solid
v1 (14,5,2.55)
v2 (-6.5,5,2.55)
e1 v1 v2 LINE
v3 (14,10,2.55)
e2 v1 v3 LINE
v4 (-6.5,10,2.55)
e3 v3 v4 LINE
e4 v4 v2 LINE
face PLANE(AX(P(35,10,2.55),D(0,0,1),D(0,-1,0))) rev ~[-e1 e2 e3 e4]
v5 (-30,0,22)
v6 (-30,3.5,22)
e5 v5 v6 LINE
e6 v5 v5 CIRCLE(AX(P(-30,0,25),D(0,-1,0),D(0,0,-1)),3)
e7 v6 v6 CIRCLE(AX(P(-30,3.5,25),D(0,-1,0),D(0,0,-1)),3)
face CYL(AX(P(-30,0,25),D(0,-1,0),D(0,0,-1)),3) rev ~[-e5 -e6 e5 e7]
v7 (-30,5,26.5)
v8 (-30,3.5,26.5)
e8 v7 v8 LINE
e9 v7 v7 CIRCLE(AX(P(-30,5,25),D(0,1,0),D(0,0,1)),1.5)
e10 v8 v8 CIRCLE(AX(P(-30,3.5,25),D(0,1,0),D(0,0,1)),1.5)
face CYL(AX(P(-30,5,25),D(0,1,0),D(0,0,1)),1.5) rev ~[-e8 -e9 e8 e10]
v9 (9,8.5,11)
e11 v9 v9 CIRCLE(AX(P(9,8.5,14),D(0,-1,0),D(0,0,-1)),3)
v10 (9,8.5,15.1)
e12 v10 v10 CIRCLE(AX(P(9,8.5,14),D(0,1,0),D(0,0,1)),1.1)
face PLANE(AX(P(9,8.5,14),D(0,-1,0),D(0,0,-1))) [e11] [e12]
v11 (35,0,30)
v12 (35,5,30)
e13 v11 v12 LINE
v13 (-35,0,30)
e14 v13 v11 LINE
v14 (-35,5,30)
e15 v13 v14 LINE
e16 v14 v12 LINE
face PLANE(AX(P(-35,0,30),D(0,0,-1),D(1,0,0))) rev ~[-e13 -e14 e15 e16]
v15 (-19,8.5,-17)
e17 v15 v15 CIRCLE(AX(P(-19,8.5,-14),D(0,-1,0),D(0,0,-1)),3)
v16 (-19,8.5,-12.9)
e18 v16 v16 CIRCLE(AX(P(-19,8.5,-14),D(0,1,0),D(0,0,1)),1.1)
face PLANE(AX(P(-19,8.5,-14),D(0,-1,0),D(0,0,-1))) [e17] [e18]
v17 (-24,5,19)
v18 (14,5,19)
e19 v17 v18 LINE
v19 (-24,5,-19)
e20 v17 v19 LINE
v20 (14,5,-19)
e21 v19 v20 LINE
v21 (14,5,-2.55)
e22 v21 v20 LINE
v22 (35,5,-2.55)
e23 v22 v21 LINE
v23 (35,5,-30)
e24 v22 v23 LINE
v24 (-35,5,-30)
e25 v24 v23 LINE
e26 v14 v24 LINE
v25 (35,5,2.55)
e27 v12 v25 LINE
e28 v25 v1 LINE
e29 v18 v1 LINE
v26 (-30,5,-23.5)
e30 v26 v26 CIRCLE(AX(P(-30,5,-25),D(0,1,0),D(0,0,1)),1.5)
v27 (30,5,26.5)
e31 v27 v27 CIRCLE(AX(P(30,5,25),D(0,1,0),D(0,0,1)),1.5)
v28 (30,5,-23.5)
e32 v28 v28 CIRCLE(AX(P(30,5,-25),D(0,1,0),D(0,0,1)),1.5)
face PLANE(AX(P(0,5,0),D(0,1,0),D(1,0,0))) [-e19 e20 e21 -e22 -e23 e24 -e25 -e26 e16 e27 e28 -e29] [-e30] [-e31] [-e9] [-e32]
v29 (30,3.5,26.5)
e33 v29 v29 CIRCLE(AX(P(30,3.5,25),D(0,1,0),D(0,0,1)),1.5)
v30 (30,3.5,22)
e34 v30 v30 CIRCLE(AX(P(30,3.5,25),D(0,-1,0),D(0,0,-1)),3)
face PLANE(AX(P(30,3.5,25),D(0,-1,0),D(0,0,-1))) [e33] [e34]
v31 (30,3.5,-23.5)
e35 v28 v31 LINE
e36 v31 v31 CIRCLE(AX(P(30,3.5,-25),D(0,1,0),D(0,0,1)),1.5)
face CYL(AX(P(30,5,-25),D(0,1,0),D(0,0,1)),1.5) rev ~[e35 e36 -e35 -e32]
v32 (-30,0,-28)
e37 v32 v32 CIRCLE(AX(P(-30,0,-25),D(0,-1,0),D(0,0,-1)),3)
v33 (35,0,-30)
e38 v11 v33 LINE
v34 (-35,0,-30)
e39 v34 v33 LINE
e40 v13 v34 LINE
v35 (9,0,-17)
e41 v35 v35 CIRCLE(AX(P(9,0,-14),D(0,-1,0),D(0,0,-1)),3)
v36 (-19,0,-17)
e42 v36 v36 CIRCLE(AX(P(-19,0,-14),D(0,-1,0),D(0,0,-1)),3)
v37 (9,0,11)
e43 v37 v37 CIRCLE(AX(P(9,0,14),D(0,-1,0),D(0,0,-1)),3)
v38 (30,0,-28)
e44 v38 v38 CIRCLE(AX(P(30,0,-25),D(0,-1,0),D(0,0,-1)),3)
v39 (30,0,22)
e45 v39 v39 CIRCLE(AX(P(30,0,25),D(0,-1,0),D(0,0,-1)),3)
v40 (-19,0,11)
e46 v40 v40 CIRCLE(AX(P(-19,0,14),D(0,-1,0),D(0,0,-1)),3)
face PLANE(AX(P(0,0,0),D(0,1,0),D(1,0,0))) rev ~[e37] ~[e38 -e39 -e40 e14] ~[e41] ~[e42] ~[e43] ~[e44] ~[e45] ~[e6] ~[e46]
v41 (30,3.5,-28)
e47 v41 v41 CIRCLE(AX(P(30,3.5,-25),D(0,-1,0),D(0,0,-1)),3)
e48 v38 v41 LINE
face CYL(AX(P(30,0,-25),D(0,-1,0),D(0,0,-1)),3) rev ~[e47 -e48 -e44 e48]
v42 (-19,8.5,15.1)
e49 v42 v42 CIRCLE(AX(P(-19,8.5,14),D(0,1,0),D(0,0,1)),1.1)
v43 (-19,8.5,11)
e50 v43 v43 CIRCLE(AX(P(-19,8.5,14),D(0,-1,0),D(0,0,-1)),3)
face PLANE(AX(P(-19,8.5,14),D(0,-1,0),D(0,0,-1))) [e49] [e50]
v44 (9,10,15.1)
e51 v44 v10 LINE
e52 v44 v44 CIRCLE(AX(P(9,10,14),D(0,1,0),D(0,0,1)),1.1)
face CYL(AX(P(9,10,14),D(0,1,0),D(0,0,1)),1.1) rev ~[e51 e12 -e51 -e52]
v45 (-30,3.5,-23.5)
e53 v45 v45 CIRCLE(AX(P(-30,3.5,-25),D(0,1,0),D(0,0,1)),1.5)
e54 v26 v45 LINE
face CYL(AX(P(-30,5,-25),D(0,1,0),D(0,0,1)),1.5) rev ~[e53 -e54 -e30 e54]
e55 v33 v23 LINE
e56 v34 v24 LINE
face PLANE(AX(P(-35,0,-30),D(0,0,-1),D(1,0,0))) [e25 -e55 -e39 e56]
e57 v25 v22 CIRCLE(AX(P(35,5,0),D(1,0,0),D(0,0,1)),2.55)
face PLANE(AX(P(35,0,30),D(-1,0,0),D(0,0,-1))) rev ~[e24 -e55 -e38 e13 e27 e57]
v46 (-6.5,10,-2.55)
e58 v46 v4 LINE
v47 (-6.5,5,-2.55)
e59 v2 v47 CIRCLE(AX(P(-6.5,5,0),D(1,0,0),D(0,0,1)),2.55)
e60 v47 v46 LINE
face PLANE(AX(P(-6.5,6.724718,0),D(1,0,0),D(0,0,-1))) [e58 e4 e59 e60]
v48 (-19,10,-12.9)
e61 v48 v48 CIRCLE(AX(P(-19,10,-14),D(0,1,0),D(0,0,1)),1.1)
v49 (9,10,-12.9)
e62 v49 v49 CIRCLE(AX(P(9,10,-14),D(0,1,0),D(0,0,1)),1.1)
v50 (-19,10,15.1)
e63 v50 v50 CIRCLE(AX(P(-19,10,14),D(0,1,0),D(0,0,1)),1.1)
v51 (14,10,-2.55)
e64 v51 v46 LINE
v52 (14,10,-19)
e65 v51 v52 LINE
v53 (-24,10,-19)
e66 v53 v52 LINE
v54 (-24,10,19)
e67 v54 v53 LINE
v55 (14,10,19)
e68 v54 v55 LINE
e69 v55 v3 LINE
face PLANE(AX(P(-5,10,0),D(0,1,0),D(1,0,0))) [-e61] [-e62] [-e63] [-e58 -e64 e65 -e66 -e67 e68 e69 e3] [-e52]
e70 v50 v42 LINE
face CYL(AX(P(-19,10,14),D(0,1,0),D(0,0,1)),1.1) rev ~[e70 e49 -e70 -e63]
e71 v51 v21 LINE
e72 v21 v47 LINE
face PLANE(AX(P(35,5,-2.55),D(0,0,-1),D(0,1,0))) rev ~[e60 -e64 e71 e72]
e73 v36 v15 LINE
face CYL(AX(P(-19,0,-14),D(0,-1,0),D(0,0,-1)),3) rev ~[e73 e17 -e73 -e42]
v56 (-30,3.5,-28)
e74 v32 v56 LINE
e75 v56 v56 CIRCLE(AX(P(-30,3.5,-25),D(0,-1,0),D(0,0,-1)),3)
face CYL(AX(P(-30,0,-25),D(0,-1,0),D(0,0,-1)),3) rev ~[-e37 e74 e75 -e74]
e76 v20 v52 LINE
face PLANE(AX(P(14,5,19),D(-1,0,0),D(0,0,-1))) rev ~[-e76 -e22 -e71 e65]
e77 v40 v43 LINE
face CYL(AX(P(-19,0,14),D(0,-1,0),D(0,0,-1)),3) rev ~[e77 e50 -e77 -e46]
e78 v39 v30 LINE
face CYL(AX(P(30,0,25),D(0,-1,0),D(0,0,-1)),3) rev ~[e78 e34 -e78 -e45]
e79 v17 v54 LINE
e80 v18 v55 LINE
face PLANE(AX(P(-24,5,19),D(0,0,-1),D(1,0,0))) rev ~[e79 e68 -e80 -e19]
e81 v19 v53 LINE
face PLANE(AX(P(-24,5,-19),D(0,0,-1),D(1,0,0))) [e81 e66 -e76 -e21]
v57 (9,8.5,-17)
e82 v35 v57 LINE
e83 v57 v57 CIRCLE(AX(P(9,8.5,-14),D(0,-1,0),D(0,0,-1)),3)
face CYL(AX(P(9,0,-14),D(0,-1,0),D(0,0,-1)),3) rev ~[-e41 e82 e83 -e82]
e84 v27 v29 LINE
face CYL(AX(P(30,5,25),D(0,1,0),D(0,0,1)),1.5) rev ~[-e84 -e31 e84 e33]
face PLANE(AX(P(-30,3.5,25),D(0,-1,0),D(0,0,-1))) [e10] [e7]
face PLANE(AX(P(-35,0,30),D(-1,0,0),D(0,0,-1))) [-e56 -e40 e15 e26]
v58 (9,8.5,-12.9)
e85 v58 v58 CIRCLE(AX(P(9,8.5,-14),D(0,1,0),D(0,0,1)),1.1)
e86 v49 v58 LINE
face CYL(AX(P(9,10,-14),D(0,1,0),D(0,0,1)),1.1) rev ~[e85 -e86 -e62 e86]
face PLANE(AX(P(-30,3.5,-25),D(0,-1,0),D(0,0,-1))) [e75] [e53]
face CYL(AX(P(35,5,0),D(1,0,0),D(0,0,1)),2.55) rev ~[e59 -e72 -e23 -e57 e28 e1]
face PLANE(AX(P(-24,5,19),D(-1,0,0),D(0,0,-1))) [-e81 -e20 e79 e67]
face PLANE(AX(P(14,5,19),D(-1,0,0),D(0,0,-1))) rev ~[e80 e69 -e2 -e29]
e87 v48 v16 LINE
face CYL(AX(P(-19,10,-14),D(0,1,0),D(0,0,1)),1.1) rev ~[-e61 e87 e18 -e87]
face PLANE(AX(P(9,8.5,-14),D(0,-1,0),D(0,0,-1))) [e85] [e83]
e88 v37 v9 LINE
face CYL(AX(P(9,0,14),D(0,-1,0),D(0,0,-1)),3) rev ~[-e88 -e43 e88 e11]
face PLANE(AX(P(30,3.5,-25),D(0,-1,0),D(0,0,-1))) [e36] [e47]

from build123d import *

# Parameters (mm, degrees)
SKETCH_1_W          = 70
SKETCH_1_H          = 60
EXTRUDE_1_DEPTH     = 5
SKETCH_2_W          = 38
SKETCH_2_H          = 38
EXTRUDE_2_DEPTH     = 5
CUT_EXTRUDE_1_REACH = 49.17
SKETCH_3_R          = 1.1
SKETCH_4_R          = 3
CUT_EXTRUDE_2_DEPTH = 8.5
CUT_EXTRUDE_3_REACH = 48.368
SKETCH_5_R          = 1.5
SKETCH_6_R          = 3
CUT_EXTRUDE_4_DEPTH = 3.5
CUT_EXTRUDE_5_DEPTH = 41.5


with BuildPart() as part:
    # 草图1 → 凸台-拉伸1 (new body)
    with BuildSketch(Plane(origin=(0, 0, 0), x_dir=(1, 0, 0), z_dir=(0, 1, 0))):
        Rectangle(SKETCH_1_W, SKETCH_1_H)
    extrude(amount=EXTRUDE_1_DEPTH)

    # 草图2 → 凸台-拉伸2 (add)
    with BuildSketch(Plane(origin=(0, 5, 0), x_dir=(1, 0, 0), z_dir=(0, 1, 0))):
        with Locations((-5, 0)):
            Rectangle(SKETCH_2_W, SKETCH_2_H)
    extrude(amount=EXTRUDE_2_DEPTH)

    # 草图3 → 切除-拉伸1 (cut, up to next)
    with BuildSketch(Plane(origin=(0, 10, 0), x_dir=(1, 0, 0), z_dir=(0, 1, 0)), mode=Mode.PRIVATE) as cut_extrude_1_sk1:
        with Locations(Location((-19, 14, 0), (0, 0, 270))):
            Circle(SKETCH_3_R)
    cut_extrude_1_tool1 = extrude(cut_extrude_1_sk1.sketch, amount=-CUT_EXTRUDE_1_REACH, mode=Mode.PRIVATE) & part.part
    # 草图3 → 切除-拉伸1 (cut, up to next)
    with BuildSketch(Plane(origin=(0, 10, 0), x_dir=(1, 0, 0), z_dir=(0, 1, 0)), mode=Mode.PRIVATE) as cut_extrude_1_sk2:
        with Locations(Location((9, 14, 0), (0, 0, 270))):
            Circle(SKETCH_3_R)
    cut_extrude_1_tool2 = extrude(cut_extrude_1_sk2.sketch, amount=-CUT_EXTRUDE_1_REACH, mode=Mode.PRIVATE) & part.part
    # 草图3 → 切除-拉伸1 (cut, up to next)
    with BuildSketch(Plane(origin=(0, 10, 0), x_dir=(1, 0, 0), z_dir=(0, 1, 0)), mode=Mode.PRIVATE) as cut_extrude_1_sk3:
        with Locations(Location((-19, -14, 0), (0, 0, 270))):
            Circle(SKETCH_3_R)
    cut_extrude_1_tool3 = extrude(cut_extrude_1_sk3.sketch, amount=-CUT_EXTRUDE_1_REACH, mode=Mode.PRIVATE) & part.part
    # 草图3 → 切除-拉伸1 (cut, up to next)
    with BuildSketch(Plane(origin=(0, 10, 0), x_dir=(1, 0, 0), z_dir=(0, 1, 0)), mode=Mode.PRIVATE) as cut_extrude_1_sk4:
        with Locations(Location((9, -14, 0), (0, 0, 270))):
            Circle(SKETCH_3_R)
    cut_extrude_1_tool4 = extrude(cut_extrude_1_sk4.sketch, amount=-CUT_EXTRUDE_1_REACH, mode=Mode.PRIVATE) & part.part
    add(cut_extrude_1_tool1.solids().sort_by_distance((-19, 10, -14))[0], mode=Mode.SUBTRACT)
    add(cut_extrude_1_tool2.solids().sort_by_distance((9, 10, -14))[0], mode=Mode.SUBTRACT)
    add(cut_extrude_1_tool3.solids().sort_by_distance((-19, 10, 14))[0], mode=Mode.SUBTRACT)
    add(cut_extrude_1_tool4.solids().sort_by_distance((9, 10, 14))[0], mode=Mode.SUBTRACT)

    # 草图4 → 切除-拉伸2 (cut)
    with BuildSketch(Plane.XZ):
        with Locations(Location((-19, -14, 0), (0, 0, 270))):
            Circle(SKETCH_4_R)
        with Locations(Location((-19, 14, 0), (0, 0, 270))):
            Circle(SKETCH_4_R)
        with Locations(Location((9, 14, 0), (0, 0, 270))):
            Circle(SKETCH_4_R)
        with Locations(Location((9, -14, 0), (0, 0, 270))):
            Circle(SKETCH_4_R)
    extrude(amount=-CUT_EXTRUDE_2_DEPTH, mode=Mode.SUBTRACT)

    # 草图5 → 切除-拉伸3 (cut, up to next)
    with BuildSketch(Plane(origin=(0, 5, 0), x_dir=(1, 0, 0), z_dir=(0, 1, 0)), mode=Mode.PRIVATE) as cut_extrude_3_sk1:
        with Locations(Location((-30, 25, 0), (0, 0, 270))):
            Circle(SKETCH_5_R)
    cut_extrude_3_tool1 = extrude(cut_extrude_3_sk1.sketch, amount=-CUT_EXTRUDE_3_REACH, mode=Mode.PRIVATE) & part.part
    # 草图5 → 切除-拉伸3 (cut, up to next)
    with BuildSketch(Plane(origin=(0, 5, 0), x_dir=(1, 0, 0), z_dir=(0, 1, 0)), mode=Mode.PRIVATE) as cut_extrude_3_sk2:
        with Locations(Location((30, 25, 0), (0, 0, 270))):
            Circle(SKETCH_5_R)
    cut_extrude_3_tool2 = extrude(cut_extrude_3_sk2.sketch, amount=-CUT_EXTRUDE_3_REACH, mode=Mode.PRIVATE) & part.part
    # 草图5 → 切除-拉伸3 (cut, up to next)
    with BuildSketch(Plane(origin=(0, 5, 0), x_dir=(1, 0, 0), z_dir=(0, 1, 0)), mode=Mode.PRIVATE) as cut_extrude_3_sk3:
        with Locations(Location((30, -25, 0), (0, 0, 270))):
            Circle(SKETCH_5_R)
    cut_extrude_3_tool3 = extrude(cut_extrude_3_sk3.sketch, amount=-CUT_EXTRUDE_3_REACH, mode=Mode.PRIVATE) & part.part
    # 草图5 → 切除-拉伸3 (cut, up to next)
    with BuildSketch(Plane(origin=(0, 5, 0), x_dir=(1, 0, 0), z_dir=(0, 1, 0)), mode=Mode.PRIVATE) as cut_extrude_3_sk4:
        with Locations(Location((-30, -25, 0), (0, 0, 270))):
            Circle(SKETCH_5_R)
    cut_extrude_3_tool4 = extrude(cut_extrude_3_sk4.sketch, amount=-CUT_EXTRUDE_3_REACH, mode=Mode.PRIVATE) & part.part
    add(cut_extrude_3_tool1.solids().sort_by_distance((-30, 5, -25))[0], mode=Mode.SUBTRACT)
    add(cut_extrude_3_tool2.solids().sort_by_distance((30, 5, -25))[0], mode=Mode.SUBTRACT)
    add(cut_extrude_3_tool3.solids().sort_by_distance((30, 5, 25))[0], mode=Mode.SUBTRACT)
    add(cut_extrude_3_tool4.solids().sort_by_distance((-30, 5, 25))[0], mode=Mode.SUBTRACT)

    # 草图6 → 切除-拉伸4 (cut)
    with BuildSketch(Plane.XZ):
        with Locations(Location((-30, -25, 0), (0, 0, 270))):
            Circle(SKETCH_6_R)
        with Locations(Location((30, -25, 0), (0, 0, 270))):
            Circle(SKETCH_6_R)
        with Locations(Location((30, 25, 0), (0, 0, 270))):
            Circle(SKETCH_6_R)
        with Locations(Location((-30, 25, 0), (0, 0, 270))):
            Circle(SKETCH_6_R)
    extrude(amount=-CUT_EXTRUDE_4_DEPTH, mode=Mode.SUBTRACT)

    # 草图7 → 切除-拉伸5 (cut)
    with BuildSketch(Plane(origin=(35, 0, 0), x_dir=(0, 0, -1), z_dir=(1, 0, 0))):
        with BuildLine():
            Line((2.55, 5), (2.55, 10))
            Line((2.55, 10), (-2.55, 10))
            Line((-2.55, 10), (-2.55, 5))
            ThreePointArc((-2.55, 5), (0, 2.45), (2.55, 5))
        make_face()
    extrude(amount=-CUT_EXTRUDE_5_DEPTH, mode=Mode.SUBTRACT)


solid = part.part
